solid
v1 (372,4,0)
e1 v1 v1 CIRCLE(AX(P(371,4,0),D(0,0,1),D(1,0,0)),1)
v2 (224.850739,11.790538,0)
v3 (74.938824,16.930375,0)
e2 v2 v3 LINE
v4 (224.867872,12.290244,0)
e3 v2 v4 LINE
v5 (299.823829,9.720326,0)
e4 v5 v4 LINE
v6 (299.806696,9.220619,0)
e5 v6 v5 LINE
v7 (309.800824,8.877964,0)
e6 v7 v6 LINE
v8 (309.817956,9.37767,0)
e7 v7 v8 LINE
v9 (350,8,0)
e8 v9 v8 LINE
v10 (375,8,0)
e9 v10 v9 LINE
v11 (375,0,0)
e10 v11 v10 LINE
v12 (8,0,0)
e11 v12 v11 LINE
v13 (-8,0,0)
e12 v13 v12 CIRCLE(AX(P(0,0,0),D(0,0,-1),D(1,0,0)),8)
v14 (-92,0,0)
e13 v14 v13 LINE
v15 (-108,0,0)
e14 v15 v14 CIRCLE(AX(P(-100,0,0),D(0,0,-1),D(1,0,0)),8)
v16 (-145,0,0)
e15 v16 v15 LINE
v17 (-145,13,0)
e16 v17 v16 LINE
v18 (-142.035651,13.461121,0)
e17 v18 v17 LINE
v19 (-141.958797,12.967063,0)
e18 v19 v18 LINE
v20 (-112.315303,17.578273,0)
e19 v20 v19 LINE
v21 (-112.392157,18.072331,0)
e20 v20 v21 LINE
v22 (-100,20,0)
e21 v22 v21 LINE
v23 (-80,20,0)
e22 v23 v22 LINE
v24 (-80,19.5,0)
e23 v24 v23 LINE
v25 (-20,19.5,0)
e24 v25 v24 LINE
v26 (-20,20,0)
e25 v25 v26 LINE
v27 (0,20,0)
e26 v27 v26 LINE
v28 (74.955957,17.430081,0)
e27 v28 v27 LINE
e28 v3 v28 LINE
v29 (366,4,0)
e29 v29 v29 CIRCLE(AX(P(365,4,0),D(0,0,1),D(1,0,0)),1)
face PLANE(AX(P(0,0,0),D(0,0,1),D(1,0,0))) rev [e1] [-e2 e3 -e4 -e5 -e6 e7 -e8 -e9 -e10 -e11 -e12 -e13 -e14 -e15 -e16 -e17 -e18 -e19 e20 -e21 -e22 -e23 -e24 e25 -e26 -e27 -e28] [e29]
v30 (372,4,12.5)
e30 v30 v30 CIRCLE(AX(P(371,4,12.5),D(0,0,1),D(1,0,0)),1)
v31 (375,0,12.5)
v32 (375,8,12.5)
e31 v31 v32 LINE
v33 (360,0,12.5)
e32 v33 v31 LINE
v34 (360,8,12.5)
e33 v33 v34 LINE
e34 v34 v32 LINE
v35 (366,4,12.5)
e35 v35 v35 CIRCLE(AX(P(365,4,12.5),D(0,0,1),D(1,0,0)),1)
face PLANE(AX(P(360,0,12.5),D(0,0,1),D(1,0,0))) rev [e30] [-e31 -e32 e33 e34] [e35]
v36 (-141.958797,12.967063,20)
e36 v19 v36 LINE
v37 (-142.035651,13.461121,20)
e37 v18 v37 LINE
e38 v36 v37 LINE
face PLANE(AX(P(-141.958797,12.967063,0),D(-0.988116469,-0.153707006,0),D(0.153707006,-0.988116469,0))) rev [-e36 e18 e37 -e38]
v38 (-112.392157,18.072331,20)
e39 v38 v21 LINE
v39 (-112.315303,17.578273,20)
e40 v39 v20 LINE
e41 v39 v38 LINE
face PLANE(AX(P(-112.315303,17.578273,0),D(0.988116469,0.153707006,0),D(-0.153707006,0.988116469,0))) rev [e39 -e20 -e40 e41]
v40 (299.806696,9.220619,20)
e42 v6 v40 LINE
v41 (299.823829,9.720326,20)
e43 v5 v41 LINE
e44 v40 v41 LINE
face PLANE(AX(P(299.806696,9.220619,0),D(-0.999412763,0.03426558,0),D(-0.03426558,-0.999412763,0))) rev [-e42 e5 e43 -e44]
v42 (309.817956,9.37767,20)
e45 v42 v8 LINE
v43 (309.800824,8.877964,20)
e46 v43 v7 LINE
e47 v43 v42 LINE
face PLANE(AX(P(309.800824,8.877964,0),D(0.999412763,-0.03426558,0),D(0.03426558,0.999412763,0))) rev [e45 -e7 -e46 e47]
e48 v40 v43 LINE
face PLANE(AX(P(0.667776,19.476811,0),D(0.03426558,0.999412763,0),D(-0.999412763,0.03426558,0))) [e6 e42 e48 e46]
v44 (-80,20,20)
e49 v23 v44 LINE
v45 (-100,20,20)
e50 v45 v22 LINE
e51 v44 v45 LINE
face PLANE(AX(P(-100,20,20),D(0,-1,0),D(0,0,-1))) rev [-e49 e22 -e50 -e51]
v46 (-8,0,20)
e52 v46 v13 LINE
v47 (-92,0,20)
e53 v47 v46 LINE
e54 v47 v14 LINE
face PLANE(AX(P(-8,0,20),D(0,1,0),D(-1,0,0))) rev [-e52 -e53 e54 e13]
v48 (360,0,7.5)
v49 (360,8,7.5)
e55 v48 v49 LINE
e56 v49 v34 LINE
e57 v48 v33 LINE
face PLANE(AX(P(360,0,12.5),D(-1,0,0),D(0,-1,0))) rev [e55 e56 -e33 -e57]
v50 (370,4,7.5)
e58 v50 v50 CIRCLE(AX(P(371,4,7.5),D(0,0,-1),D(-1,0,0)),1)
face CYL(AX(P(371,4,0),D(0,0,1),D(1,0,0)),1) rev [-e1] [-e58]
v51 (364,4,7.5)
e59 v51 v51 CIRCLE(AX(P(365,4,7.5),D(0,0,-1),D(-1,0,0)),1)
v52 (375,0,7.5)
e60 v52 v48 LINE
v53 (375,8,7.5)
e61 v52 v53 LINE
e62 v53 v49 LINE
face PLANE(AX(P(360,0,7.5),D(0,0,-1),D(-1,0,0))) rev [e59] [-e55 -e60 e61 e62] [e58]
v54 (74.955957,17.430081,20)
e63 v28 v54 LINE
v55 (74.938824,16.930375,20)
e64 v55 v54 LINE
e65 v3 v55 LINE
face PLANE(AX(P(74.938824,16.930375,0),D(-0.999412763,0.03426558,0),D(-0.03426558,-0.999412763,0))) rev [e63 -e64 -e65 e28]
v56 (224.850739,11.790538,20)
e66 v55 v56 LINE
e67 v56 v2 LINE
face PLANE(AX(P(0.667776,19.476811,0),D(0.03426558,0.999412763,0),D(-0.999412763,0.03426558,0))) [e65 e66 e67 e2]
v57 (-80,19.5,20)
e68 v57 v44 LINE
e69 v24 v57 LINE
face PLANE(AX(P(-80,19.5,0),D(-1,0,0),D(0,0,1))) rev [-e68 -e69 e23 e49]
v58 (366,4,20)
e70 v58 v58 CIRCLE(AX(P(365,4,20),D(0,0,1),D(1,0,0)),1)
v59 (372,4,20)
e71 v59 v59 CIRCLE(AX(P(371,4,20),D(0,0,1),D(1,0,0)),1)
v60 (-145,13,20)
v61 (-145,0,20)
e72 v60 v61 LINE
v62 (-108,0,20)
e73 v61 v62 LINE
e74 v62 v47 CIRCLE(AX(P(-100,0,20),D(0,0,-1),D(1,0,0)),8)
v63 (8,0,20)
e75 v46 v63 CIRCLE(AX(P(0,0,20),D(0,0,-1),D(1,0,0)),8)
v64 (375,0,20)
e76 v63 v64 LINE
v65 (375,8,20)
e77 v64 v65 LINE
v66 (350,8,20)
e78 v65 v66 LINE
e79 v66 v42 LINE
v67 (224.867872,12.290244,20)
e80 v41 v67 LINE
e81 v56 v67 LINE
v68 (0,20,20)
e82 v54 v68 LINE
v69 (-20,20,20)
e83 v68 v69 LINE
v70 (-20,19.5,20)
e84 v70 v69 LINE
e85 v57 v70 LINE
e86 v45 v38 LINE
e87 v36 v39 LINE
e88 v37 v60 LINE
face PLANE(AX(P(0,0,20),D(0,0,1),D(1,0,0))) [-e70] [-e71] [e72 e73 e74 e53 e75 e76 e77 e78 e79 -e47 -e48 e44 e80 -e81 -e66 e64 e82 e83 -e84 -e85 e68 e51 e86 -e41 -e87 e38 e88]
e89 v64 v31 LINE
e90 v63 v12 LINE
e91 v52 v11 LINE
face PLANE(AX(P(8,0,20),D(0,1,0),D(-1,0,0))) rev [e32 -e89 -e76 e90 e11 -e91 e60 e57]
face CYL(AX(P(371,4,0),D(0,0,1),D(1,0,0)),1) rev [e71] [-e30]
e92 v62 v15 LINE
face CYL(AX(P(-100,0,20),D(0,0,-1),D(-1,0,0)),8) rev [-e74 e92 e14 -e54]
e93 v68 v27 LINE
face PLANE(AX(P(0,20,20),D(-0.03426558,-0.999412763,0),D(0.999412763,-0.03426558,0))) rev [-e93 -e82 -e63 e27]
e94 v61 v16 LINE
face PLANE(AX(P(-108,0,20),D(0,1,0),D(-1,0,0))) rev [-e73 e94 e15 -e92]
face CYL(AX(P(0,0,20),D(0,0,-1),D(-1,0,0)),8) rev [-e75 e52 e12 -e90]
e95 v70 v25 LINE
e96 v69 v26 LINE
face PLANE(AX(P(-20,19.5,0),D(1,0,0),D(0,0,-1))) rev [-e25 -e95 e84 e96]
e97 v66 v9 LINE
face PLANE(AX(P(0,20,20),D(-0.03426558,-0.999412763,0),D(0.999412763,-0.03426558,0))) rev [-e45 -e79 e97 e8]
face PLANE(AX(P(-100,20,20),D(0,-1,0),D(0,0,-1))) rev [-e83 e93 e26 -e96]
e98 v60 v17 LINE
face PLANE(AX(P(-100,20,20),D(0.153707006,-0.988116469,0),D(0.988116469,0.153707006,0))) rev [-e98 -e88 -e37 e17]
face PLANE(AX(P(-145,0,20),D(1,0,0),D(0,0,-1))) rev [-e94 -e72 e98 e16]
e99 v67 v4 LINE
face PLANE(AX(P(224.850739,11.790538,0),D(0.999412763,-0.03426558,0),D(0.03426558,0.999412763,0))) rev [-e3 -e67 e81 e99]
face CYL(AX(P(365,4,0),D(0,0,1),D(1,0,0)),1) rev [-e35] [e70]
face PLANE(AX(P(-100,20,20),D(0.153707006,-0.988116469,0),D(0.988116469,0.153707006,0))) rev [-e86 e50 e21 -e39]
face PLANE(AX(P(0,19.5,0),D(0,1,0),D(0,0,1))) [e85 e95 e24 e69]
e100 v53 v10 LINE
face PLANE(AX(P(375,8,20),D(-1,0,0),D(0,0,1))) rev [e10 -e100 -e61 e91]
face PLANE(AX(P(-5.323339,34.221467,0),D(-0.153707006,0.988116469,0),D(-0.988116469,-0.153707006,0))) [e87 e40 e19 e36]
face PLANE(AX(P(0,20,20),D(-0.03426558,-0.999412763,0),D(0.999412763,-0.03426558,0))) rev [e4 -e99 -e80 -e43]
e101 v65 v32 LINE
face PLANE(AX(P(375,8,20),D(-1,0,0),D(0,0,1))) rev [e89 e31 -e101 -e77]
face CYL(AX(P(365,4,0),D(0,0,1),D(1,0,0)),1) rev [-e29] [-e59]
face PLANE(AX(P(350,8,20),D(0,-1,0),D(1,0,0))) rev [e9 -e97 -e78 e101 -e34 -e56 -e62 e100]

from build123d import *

# Parameters (mm, degrees)
BOSS_EXTRUDE1_DEPTH = 20
SKETCH2_W           = 150
SKETCH2_H           = 20
SKETCH2_W_2         = 10
ROPEGROOVE1_DEPTH   = 0.5
SKETCH4_W           = 60
SKETCH4_H           = 20
ROPEGROOVE2_DEPTH   = 0.5
SKETCH5_W           = 30
SKETCH5_H           = 20
ROPEGROOVE3_DEPTH   = 0.5
SKETCH6_W           = 15
SKETCH6_H           = 5
CUT_EXTRUDE1_DEPTH  = 376.724633209
CUT_EXTRUDE2_DEPTH  = 377.065153929


with BuildPart() as part:
    # Sketch1 → Boss-Extrude1 (new body)
    with BuildSketch(Plane.XY):
        with BuildLine():
            Line((-8, 0), (-92, 0))
            ThreePointArc((-92, 0), (-100, 8), (-108, 0))
            Line((-108, 0), (-145, 0))
            Line((-145, 0), (-145, 13))
            Line((-145, 13), (-100, 20))
            Line((-100, 20), (0, 20))
            Line((0, 20), (350, 8))
            Line((350, 8), (375, 8))
            Line((375, 8), (375, 0))
            Line((375, 0), (8, 0))
            ThreePointArc((8, 0), (0, 8), (-8, 0))
        make_face()
    extrude(amount=BOSS_EXTRUDE1_DEPTH)

    # Sketch2 → RopeGroove1 (cut)
    with BuildSketch(Plane(origin=(0.684909168, 19.9765174, 0), x_dir=(0.9994127625749618, -0.03426558043114153, 0), z_dir=(0.034265580431141536, 0.9994127625749619, 0))):
        with Locations((149.314688391, -10)):
            Rectangle(SKETCH2_W, SKETCH2_H)
        with Locations((304.314688391, -10)):
            Rectangle(SKETCH2_W_2, SKETCH2_H)
    extrude(amount=-ROPEGROOVE1_DEPTH, mode=Mode.SUBTRACT)

    # Sketch4 → RopeGroove2 (cut)
    with BuildSketch(Plane(origin=(0, 20, 0), x_dir=(1, 0, 0), z_dir=(0, 1, 0))):
        with Locations((-50, -10)):
            Rectangle(SKETCH4_W, SKETCH4_H)
    extrude(amount=-ROPEGROOVE2_DEPTH, mode=Mode.SUBTRACT)

    # Sketch5 → RopeGroove3 (cut)
    with BuildSketch(Plane(origin=(-5.400192864, 34.715525554, 0), x_dir=(0.9881164689548824, 0.15370700628187053, 0), z_dir=(-0.15370700628187053, 0.9881164689548824, 0))):
        with Locations((-123.278696917, -10)):
            Rectangle(SKETCH5_W, SKETCH5_H)
    extrude(amount=-ROPEGROOVE3_DEPTH, mode=Mode.SUBTRACT)

    # Sketch6 → Cut-Extrude1 (cut, through all)
    with BuildSketch(Plane(origin=(0, 8, 0), x_dir=(1, 0, 0), z_dir=(0, 1, 0))):
        with Locations((367.5, -10)):
            Rectangle(SKETCH6_W, SKETCH6_H)
    extrude(amount=-CUT_EXTRUDE1_DEPTH, mode=Mode.SUBTRACT)

    # Sketch7 → Cut-Extrude2 (cut, through all)
    with BuildSketch(Plane.XY.offset(20)):
        with BuildLine():
            ThreePointArc((364, 4), (365, 3), (366, 4))
            Line((366, 4), (364, 4))
        make_face()
        with BuildLine():
            Line((364, 4), (366, 4))
            ThreePointArc((366, 4), (365, 5), (364, 4))
        make_face()
        with BuildLine():
            ThreePointArc((370, 4), (371, 3), (372, 4))
            Line((372, 4), (370, 4))
        make_face()
        with BuildLine():
            Line((370, 4), (372, 4))
            ThreePointArc((372, 4), (371, 5), (370, 4))
        make_face()
    extrude(amount=-CUT_EXTRUDE2_DEPTH, mode=Mode.SUBTRACT)


solid = part.part
